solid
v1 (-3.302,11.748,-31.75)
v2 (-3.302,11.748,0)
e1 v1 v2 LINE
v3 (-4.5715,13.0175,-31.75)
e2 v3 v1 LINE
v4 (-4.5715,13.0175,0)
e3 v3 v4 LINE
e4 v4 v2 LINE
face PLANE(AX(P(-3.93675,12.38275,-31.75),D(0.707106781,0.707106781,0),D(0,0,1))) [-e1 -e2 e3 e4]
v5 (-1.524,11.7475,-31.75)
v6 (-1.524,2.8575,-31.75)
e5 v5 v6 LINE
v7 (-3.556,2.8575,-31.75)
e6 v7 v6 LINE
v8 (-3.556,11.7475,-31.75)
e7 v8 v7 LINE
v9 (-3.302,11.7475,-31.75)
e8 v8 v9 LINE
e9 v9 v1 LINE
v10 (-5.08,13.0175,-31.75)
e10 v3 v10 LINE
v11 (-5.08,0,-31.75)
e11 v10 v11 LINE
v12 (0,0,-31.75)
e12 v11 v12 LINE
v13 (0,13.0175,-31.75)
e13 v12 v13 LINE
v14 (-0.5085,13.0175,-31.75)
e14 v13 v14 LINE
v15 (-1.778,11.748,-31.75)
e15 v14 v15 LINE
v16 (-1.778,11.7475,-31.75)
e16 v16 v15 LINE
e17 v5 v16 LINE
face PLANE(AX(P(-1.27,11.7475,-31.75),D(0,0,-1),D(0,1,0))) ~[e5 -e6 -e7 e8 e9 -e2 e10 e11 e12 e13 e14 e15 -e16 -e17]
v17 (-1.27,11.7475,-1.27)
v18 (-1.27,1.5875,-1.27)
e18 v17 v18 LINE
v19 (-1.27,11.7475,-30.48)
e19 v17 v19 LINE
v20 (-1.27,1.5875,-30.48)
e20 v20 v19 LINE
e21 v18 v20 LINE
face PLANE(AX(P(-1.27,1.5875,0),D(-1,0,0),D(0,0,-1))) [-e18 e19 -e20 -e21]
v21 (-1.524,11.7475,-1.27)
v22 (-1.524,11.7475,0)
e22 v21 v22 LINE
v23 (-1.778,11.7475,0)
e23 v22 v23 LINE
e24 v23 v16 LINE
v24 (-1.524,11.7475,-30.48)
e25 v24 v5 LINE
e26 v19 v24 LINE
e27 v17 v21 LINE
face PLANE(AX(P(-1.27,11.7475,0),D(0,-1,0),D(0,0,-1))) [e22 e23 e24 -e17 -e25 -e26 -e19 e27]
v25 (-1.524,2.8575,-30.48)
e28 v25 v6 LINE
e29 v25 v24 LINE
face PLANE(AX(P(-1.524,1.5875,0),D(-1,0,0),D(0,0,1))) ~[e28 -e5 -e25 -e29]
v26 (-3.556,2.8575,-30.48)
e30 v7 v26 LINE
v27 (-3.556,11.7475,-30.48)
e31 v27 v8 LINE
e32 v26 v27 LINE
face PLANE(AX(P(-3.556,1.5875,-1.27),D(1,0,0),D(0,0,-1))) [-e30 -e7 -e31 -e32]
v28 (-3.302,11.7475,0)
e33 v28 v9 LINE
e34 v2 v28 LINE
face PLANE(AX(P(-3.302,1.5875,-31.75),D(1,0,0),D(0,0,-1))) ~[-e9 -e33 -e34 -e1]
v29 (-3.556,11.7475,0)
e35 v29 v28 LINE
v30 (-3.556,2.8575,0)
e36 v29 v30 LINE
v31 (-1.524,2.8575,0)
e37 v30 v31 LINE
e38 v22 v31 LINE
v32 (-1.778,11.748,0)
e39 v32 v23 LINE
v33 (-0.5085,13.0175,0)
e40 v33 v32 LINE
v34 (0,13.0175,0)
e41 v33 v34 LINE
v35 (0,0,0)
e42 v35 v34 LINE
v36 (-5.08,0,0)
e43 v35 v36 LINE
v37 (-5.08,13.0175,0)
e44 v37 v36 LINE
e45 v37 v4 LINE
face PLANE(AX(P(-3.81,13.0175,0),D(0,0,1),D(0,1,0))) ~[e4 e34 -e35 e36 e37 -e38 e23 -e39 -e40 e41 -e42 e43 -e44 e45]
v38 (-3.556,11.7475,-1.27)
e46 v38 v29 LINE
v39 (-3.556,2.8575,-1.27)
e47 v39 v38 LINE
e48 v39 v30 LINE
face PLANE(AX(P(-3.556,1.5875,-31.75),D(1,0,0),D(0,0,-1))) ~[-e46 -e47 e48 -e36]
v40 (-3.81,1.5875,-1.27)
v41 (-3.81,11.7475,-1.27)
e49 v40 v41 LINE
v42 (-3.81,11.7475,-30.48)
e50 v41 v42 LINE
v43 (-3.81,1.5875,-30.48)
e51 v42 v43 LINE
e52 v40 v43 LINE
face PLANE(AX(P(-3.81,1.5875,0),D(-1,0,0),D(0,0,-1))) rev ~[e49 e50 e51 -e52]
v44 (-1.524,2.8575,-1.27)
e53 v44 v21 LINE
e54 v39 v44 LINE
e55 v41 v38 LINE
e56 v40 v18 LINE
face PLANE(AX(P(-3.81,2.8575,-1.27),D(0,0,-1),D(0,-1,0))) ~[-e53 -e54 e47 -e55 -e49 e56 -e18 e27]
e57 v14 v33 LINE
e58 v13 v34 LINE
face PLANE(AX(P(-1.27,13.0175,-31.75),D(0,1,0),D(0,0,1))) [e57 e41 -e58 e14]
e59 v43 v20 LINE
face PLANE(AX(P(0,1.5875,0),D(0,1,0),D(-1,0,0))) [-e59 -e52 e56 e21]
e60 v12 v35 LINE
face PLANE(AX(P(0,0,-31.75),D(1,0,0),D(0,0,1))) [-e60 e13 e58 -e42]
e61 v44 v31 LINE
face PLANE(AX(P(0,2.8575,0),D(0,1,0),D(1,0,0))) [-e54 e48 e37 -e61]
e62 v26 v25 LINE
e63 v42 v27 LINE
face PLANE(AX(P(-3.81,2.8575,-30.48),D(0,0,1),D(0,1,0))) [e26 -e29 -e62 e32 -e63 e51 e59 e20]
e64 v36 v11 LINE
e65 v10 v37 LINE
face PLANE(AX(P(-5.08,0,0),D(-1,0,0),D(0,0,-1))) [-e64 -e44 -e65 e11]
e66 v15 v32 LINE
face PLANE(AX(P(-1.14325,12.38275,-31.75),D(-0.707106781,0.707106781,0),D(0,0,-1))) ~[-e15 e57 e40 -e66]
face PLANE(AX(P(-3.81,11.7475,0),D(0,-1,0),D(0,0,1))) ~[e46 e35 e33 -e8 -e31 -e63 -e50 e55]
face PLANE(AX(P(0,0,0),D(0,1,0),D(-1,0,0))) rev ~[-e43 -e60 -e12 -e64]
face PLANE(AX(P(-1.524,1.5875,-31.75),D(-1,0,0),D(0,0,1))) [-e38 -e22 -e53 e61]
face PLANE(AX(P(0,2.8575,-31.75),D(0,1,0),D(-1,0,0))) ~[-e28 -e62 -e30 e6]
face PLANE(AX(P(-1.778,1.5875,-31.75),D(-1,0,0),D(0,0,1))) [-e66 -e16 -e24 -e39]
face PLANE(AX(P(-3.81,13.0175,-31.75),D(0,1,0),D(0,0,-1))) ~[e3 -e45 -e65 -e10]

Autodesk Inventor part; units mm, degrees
ref_plane "YZ Plane" through (0, 0, 0) normal (1, 0, 0) x (0, 1, 0)
sketch "Sketch1" plane through (0, 0, 0) normal (0, 1, 0) x (-1, 0, 0)
  line L0 (0, 0) -> (5.08, 0)
  line L1 (5.08, 0) -> (5.08, -31.75)
  line L2 (5.08, -31.75) -> (0, -31.75)
  line L3 (0, -31.75) -> (0, 0)
  dimension "d0" = 5.08
  dimension "d1" = 31.75
extrude "Extrusion1" add sketch "Sketch1" along normal blind 1.5875
sketch "Sketch6" plane through (0, 1.5875, 0) normal (0, 1, 0) x (1, 0, 0)
  line L0 (-5.08, 0) -> (0, 0) projected
  line L1 (0, 31.75) -> (-5.08, 31.75) projected
  line L2 (0, 0) -> (-1.27, 0)
  line L3 (-1.27, 0) -> (-1.27, 31.75)
  line L4 (-1.27, 31.75) -> (0, 31.75)
  line L5 (0, 31.75) -> (0, 0)
  line L6 (-5.08, 31.75) -> (-5.08, 0) projected
  line L7 (-5.08, 0) -> (-3.81, 0)
  line L8 (-3.81, 0) -> (-3.81, 31.75)
  line L9 (-3.81, 31.75) -> (-5.08, 31.75)
  line L10 (-5.08, 31.75) -> (-5.08, 0)
  dimension "d19" = 31.75
  dimension "d20" = 1.27
  dimension "d21" = 31.75
  dimension "d22" = 1.27
extrude "Extrusion7" add sketch "Sketch6" along normal blind 11.43 contours L6 L1 L8 L0 | L3 L1 L5 L0
sketch "Sketch7" plane through (0, 1.5875, 0) normal (0, 1, 0) x (1, 0, 0)
  line L0 (-3.81, 0) -> (-1.27, 0) projected
  line L1 (-3.81, 31.75) -> (-3.81, 0) projected
  line L2 (-1.27, 0) -> (-3.81, 0)
  line L3 (-3.81, 0) -> (-3.81, 1.27)
  line L4 (-3.81, 1.27) -> (-1.27, 1.27)
  line L5 (-1.27, 1.27) -> (-1.27, 0)
  point P0 (0, 0)
  dimension "d25" = 1.27
extrude "Extrusion8" add sketch "Sketch7" along normal blind 1.27
sketch "Sketch8" plane through (-1.27, 1.5875, -31.75) normal (-1, 0, 0) x (0, 0, 1)
  line L0 (0, 11.43) -> (31.75, 11.43) projected
  line L1 (0, 11.43) -> (31.75, 11.43)
  line L2 (31.75, 11.43) -> (31.75, 10.16)
  line L3 (31.75, 10.16) -> (0, 10.16)
  line L4 (0, 10.16) -> (0, 11.43)
  point P0 (31.75, -1.5875)
  dimension "d28" = 31.75
  dimension "d29" = 1.27
extrude "Extrusion9" add sketch "Sketch8" along normal blind 0.508
chamfer "Chamfer1" distance 1.27 angle 45 1 edges at (-1.778, 13.0175, -15.875)
sketch "Sketch9" plane through (-1.27, 1.5875, -31.75) normal (-1, 0, 0) x (0, 0, 1)
  line L0 (30.48, 1.27) -> (31.75, 1.27) projected
  line L1 (31.75, 1.27) -> (30.48, 1.27)
  line L2 (30.48, 1.27) -> (30.48, 10.16)
  line L3 (30.48, 10.16) -> (31.75, 10.16)
  line L4 (31.75, 10.16) -> (31.75, 1.27)
  point P0 (31.75, -1.5875)
  dimension "d35" = 1.27
  dimension "d36" = 8.89
extrude "Extrusion10" add sketch "Sketch9" along normal blind 0.254
ref_plane "Work Plane5" through (-5.08, 0, -15.875) normal (0, 0, 1) x (1, 0, 0)
ref_plane "Work Plane6" through (-2.54, 0, -31.75) normal (-1, 0, 0) x (0, 0, 1)
mirror "Mirror4" about plane through (-2.54, 0, -31.75) normal (-1, 0, 0) of "Extrusion9", "Chamfer1", "Extrusion10"
mirror "Mirror5" about plane through (-5.08, 0, -15.875) normal (0, 0, 1) of "Extrusion10", "Extrusion8"
sketch "Sketch10" plane through (-3.81, 1.5875, -1.27) normal (1, 0, 0) x (0, 0, -1)
  line L0 (30.48, 1.27) -> (29.21, 1.27)
  line L1 (29.21, 1.27) -> (29.21, 10.16)
  line L2 (29.21, 10.16) -> (30.48, 10.16)
  line L3 (30.48, 10.16) -> (30.48, 1.27)
  point P0 (-1.27, -1.5875)
  dimension "d39" = 1.27
  dimension "d40" = 8.89
extrude "Extrusion11" add sketch "Sketch10" along normal blind 0.254
equation "\"d21\" = d19"
equation "\"d22\" = d20"
properties part number "cord holder"
